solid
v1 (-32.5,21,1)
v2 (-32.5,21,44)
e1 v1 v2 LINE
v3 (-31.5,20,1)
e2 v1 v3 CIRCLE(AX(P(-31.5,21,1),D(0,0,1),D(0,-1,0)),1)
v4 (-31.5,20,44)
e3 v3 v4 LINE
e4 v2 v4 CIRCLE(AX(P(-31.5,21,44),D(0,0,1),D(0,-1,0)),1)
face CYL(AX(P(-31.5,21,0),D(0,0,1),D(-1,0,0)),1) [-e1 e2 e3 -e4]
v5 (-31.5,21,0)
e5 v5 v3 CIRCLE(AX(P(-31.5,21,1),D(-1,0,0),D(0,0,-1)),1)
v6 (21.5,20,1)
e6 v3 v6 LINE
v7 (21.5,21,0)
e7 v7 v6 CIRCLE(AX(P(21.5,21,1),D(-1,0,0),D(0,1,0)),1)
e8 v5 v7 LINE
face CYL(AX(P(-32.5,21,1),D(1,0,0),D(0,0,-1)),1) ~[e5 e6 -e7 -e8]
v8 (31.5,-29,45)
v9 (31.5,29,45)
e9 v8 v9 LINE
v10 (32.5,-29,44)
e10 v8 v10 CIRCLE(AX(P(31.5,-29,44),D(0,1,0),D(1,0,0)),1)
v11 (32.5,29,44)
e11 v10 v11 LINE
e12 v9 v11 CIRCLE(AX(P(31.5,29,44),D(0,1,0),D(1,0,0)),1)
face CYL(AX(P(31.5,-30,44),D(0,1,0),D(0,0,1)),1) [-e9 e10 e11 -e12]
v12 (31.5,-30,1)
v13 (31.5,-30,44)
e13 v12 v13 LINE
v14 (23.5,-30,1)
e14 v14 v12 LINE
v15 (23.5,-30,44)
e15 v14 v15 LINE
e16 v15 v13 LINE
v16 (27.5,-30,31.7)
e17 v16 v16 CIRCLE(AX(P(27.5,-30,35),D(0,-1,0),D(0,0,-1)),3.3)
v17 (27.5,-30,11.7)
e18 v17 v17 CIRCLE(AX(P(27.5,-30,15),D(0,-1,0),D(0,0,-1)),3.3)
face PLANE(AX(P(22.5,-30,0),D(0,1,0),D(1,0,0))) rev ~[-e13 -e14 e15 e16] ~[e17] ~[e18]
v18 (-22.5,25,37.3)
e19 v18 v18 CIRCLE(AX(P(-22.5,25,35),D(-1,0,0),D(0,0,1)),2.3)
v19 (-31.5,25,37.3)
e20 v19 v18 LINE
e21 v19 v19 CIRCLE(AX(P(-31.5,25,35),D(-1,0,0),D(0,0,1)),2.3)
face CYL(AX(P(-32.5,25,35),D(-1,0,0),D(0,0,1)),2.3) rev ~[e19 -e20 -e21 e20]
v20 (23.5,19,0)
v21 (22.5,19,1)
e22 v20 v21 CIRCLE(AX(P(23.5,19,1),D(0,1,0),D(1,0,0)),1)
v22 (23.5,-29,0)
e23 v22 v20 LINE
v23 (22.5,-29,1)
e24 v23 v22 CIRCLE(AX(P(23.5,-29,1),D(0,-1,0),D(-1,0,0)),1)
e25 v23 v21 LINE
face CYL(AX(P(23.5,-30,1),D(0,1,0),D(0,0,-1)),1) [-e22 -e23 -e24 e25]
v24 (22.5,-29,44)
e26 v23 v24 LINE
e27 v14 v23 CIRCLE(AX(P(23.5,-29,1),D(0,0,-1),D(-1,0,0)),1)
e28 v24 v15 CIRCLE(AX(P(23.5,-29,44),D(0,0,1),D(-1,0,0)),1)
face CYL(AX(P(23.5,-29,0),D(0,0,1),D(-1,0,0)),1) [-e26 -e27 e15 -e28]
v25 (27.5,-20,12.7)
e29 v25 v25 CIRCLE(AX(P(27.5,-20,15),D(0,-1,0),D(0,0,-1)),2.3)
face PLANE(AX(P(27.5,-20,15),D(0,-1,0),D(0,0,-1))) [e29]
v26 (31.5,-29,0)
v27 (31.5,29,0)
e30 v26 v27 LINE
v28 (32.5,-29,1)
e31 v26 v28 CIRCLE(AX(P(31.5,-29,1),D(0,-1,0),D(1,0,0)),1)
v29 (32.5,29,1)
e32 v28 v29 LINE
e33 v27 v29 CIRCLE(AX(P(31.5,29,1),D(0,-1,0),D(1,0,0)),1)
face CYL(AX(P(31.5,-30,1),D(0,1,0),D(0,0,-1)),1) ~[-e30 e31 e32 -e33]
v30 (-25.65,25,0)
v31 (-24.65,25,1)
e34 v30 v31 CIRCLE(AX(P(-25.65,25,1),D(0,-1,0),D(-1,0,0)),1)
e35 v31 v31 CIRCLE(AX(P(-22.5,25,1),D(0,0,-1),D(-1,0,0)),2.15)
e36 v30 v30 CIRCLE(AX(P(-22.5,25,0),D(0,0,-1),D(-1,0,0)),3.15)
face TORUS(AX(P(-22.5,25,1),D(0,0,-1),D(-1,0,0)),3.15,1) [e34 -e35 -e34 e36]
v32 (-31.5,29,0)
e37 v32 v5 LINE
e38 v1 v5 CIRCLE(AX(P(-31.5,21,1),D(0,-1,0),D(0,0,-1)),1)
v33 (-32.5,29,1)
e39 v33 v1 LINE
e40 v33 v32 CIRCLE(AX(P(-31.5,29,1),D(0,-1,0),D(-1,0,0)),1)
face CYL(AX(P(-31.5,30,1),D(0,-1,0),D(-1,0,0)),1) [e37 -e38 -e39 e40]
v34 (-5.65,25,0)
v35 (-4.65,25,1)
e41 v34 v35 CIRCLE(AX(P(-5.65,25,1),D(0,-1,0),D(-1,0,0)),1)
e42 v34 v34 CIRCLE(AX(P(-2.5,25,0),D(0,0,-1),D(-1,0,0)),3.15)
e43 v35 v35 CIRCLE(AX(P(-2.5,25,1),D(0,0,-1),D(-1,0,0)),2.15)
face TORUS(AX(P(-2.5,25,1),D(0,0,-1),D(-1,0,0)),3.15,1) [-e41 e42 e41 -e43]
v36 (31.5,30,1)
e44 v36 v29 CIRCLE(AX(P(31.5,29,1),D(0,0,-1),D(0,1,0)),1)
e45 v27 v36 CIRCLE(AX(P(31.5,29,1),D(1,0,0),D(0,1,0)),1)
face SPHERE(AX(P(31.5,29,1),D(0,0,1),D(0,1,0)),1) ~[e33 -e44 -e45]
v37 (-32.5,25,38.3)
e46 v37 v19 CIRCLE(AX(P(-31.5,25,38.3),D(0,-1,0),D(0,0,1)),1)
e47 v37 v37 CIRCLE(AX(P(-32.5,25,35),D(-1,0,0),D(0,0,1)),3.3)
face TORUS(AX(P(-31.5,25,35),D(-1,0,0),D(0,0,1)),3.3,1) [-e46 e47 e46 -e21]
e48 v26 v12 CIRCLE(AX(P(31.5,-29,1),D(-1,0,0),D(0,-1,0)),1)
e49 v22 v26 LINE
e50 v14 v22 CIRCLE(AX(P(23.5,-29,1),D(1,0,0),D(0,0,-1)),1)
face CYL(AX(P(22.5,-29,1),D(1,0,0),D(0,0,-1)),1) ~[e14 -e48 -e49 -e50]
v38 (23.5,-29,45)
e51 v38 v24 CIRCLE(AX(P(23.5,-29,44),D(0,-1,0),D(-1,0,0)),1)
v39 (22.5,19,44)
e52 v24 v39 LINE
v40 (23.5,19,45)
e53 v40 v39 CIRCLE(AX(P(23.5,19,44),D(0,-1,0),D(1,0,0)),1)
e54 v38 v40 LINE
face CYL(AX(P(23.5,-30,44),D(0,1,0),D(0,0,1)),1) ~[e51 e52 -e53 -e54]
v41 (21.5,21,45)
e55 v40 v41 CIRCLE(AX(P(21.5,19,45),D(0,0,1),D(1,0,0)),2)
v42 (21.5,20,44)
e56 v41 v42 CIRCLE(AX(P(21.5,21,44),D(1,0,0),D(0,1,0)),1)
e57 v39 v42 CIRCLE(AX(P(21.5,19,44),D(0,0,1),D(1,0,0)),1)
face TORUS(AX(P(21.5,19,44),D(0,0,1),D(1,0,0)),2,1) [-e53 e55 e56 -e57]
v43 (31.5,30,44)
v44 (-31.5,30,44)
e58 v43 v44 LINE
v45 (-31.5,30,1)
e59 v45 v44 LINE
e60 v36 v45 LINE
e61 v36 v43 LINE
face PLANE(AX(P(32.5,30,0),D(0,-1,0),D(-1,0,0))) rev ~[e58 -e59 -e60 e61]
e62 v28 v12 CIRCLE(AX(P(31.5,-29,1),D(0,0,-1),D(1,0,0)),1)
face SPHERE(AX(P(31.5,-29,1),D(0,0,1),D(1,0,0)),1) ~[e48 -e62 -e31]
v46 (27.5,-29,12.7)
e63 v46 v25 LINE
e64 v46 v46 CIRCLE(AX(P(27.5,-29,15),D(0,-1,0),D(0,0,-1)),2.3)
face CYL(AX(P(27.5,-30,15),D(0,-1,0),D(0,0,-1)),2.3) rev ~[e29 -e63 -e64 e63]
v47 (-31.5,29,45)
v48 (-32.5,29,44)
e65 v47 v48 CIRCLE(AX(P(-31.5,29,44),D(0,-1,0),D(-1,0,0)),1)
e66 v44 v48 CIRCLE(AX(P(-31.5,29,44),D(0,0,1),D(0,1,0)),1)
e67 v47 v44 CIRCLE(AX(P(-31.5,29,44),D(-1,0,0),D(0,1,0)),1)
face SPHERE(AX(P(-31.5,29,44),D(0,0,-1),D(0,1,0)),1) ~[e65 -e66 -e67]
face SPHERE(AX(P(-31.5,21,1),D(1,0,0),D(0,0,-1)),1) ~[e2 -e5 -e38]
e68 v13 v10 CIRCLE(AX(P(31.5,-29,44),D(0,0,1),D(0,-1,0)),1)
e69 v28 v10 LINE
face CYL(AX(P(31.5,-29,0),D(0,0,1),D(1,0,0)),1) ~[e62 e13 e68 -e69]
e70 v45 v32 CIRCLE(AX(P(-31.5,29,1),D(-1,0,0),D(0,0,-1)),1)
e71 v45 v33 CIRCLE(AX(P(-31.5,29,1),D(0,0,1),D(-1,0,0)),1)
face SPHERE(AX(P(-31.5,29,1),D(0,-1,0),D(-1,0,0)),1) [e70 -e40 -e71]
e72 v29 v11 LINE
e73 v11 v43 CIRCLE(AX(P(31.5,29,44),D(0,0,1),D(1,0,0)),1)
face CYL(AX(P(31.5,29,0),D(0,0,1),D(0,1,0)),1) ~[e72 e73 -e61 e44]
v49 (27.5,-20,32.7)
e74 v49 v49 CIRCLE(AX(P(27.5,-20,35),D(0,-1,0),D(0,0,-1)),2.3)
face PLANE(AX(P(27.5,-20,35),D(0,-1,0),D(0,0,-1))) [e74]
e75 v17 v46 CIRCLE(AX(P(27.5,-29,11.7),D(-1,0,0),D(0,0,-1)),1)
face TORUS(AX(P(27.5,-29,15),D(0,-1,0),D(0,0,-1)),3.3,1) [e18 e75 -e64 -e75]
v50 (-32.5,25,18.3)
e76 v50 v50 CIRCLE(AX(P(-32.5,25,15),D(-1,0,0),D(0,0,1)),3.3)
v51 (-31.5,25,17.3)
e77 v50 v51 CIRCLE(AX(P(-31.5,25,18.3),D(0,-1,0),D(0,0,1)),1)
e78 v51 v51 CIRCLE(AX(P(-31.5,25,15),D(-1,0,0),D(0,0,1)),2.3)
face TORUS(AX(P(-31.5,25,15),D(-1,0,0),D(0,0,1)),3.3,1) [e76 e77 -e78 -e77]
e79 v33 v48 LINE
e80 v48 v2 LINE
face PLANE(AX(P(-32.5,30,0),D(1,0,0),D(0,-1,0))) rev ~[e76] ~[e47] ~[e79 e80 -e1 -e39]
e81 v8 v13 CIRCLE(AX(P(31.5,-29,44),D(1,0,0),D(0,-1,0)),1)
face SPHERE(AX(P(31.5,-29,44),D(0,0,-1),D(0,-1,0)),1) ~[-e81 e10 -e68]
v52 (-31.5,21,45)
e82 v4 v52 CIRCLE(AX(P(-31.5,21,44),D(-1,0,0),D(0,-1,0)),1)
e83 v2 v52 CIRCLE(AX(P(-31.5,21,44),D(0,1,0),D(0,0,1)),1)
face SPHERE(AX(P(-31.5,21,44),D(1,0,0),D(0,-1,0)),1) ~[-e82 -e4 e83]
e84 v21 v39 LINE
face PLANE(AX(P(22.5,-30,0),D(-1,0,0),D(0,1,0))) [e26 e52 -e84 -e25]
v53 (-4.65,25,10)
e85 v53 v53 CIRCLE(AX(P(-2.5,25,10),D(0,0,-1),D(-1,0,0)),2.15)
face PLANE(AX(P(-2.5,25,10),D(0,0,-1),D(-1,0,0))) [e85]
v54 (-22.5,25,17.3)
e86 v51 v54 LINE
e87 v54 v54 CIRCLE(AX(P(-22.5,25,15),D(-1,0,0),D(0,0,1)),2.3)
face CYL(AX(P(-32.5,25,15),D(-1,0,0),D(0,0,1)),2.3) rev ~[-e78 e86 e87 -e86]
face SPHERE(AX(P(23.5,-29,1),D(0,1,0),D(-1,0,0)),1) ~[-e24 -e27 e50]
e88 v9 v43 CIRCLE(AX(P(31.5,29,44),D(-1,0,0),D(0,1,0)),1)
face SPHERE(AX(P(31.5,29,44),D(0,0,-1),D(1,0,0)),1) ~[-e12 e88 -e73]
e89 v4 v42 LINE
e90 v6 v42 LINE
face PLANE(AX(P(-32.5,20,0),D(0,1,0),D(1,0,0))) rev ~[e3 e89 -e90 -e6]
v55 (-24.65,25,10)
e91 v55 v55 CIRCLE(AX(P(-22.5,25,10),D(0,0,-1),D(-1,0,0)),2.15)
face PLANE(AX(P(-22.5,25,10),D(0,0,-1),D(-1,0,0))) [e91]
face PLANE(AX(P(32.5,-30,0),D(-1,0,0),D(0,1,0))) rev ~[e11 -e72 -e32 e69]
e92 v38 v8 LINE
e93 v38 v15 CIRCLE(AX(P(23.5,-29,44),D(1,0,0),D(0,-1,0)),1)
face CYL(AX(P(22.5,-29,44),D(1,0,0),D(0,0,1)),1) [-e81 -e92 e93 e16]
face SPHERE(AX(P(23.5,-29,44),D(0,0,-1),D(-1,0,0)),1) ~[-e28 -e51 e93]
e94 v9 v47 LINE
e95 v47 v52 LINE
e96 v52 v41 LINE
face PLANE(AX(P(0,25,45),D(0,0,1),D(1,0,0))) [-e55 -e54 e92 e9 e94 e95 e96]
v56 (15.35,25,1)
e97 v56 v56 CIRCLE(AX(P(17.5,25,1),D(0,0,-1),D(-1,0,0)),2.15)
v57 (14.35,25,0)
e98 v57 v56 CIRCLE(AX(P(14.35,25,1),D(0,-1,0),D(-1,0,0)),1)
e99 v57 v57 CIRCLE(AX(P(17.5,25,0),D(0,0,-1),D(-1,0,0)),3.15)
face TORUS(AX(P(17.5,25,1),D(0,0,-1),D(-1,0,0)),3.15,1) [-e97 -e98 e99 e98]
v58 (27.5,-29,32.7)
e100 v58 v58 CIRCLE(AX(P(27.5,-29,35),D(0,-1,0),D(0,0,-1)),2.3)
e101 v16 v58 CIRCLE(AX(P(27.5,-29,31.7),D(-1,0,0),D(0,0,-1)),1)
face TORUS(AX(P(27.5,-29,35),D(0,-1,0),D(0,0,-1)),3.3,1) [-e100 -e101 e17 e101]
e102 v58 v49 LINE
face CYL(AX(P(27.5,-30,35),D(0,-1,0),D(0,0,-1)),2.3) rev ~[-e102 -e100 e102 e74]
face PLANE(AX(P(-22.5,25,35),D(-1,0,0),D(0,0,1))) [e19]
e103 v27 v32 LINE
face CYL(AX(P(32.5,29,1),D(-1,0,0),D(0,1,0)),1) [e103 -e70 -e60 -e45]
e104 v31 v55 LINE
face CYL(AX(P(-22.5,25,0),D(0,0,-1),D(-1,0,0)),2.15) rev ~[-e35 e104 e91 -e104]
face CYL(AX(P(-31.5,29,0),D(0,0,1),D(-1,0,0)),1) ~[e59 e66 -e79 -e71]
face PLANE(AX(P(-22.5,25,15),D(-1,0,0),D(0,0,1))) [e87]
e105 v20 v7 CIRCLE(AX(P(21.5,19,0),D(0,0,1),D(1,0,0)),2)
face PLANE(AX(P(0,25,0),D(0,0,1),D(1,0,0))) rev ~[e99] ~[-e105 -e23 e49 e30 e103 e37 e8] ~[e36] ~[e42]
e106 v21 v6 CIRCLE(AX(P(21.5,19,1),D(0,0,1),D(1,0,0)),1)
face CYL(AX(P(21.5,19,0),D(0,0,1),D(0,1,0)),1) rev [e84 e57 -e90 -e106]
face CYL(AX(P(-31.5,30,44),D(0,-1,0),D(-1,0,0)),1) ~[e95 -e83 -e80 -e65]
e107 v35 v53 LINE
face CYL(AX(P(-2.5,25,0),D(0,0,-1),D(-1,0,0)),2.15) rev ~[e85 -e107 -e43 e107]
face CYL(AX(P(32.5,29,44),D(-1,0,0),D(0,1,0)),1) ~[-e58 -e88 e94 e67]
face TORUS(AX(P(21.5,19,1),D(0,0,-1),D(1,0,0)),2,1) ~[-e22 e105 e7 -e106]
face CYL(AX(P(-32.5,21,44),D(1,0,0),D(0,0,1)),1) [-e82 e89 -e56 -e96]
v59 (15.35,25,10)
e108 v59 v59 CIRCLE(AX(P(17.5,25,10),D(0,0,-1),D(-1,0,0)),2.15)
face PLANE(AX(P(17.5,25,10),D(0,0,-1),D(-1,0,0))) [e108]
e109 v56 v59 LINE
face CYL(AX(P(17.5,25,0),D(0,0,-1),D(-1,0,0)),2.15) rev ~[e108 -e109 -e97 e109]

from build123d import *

# Parameters (mm, degrees)
SKIZZE1_W                       = 10
SKIZZE1_H                       = 50
AUFSATZ_LINEAR_AUSTRAGEN1_DEPTH = 45
SKIZZE2_R                       = 2.3
SCHNITT_LINEAR_AUSTRAGEN1_DEPTH = 10
SKIZZE3_R                       = 2.3
SCHNITT_LINEAR_AUSTRAGEN2_DEPTH = 10
SKIZZE4_R                       = 2.15
SCHNITT_LINEAR_AUSTRAGEN3_DEPTH = 10
VERRUNDUNG1_R                   = 1


with BuildPart() as part:
    # Skizze1 → Aufsatz-Linear austragen1 (new body)
    with BuildSketch(Plane.XY):
        Polygon((-32.5, 30), (-32.5, 20), (22.5, 20), (32.5, 20), (32.5, 30), align=None)
        with Locations((27.5, -5)):
            Rectangle(SKIZZE1_W, SKIZZE1_H)
    extrude(amount=AUFSATZ_LINEAR_AUSTRAGEN1_DEPTH)

    # Skizze2 → Schnitt-Linear austragen1 (cut)
    with BuildSketch(Plane.XZ.offset(30)):
        with Locations(Location((27.5, 15, 0), (0, 0, 270))):
            Circle(SKIZZE2_R)
        with Locations(Location((27.5, 35, 0), (0, 0, 270))):
            Circle(SKIZZE2_R)
    extrude(amount=-SCHNITT_LINEAR_AUSTRAGEN1_DEPTH, mode=Mode.SUBTRACT)

    # Skizze3 → Schnitt-Linear austragen2 (cut)
    with BuildSketch(Plane.ZY.offset(32.5)):
        with Locations((15, 25)):
            Circle(SKIZZE3_R)
        with Locations((35, 25)):
            Circle(SKIZZE3_R)
    extrude(amount=-SCHNITT_LINEAR_AUSTRAGEN2_DEPTH, mode=Mode.SUBTRACT)

    # Skizze4 → Schnitt-Linear austragen3 (cut)
    with BuildSketch(Plane(origin=(0, 0, 0), x_dir=(-1, 0, 0), z_dir=(0, 0, -1))):
        with Locations((-17.5, 25)):
            Circle(SKIZZE4_R)
        with Locations((2.5, 25)):
            Circle(SKIZZE4_R)
        with Locations((22.5, 25)):
            Circle(SKIZZE4_R)
    extrude(amount=-SCHNITT_LINEAR_AUSTRAGEN3_DEPTH, mode=Mode.SUBTRACT)

    # Verrundung1
    verrundung1_edges = [part.edges().sort_by_distance(p)[0] for p in [
        (22.5, -5, 0),
        (-5, 20, 0),
        (-5, 20, 45),
        (-32.5, 25, 0),
        (-32.5, 30, 22.5),
        (32.5, 30, 22.5),
        (32.5, -30, 22.5),
        (22.5, -30, 22.5),
        (22.5, 20, 22.5),
        (-32.5, 20, 22.5),
        (22.5, -5, 45),
        (27.5, -30, 45),
        (27.5, -30, 17.3),
        (32.5, 0, 45),
        (27.5, -30, 37.3),
        (0, 30, 45),
        (-32.5, 25, 12.7),
        (-32.5, 25, 32.7),
        (19.65, 25, 0),
        (-0.35, 25, 0),
        (-32.5, 25, 45),
        (-20.35, 25, 0),
        (0, 30, 0),
        (32.5, 0, 0),
        (27.5, -30, 0),
    ]]
    fillet(verrundung1_edges, radius=VERRUNDUNG1_R)


solid = part.part
